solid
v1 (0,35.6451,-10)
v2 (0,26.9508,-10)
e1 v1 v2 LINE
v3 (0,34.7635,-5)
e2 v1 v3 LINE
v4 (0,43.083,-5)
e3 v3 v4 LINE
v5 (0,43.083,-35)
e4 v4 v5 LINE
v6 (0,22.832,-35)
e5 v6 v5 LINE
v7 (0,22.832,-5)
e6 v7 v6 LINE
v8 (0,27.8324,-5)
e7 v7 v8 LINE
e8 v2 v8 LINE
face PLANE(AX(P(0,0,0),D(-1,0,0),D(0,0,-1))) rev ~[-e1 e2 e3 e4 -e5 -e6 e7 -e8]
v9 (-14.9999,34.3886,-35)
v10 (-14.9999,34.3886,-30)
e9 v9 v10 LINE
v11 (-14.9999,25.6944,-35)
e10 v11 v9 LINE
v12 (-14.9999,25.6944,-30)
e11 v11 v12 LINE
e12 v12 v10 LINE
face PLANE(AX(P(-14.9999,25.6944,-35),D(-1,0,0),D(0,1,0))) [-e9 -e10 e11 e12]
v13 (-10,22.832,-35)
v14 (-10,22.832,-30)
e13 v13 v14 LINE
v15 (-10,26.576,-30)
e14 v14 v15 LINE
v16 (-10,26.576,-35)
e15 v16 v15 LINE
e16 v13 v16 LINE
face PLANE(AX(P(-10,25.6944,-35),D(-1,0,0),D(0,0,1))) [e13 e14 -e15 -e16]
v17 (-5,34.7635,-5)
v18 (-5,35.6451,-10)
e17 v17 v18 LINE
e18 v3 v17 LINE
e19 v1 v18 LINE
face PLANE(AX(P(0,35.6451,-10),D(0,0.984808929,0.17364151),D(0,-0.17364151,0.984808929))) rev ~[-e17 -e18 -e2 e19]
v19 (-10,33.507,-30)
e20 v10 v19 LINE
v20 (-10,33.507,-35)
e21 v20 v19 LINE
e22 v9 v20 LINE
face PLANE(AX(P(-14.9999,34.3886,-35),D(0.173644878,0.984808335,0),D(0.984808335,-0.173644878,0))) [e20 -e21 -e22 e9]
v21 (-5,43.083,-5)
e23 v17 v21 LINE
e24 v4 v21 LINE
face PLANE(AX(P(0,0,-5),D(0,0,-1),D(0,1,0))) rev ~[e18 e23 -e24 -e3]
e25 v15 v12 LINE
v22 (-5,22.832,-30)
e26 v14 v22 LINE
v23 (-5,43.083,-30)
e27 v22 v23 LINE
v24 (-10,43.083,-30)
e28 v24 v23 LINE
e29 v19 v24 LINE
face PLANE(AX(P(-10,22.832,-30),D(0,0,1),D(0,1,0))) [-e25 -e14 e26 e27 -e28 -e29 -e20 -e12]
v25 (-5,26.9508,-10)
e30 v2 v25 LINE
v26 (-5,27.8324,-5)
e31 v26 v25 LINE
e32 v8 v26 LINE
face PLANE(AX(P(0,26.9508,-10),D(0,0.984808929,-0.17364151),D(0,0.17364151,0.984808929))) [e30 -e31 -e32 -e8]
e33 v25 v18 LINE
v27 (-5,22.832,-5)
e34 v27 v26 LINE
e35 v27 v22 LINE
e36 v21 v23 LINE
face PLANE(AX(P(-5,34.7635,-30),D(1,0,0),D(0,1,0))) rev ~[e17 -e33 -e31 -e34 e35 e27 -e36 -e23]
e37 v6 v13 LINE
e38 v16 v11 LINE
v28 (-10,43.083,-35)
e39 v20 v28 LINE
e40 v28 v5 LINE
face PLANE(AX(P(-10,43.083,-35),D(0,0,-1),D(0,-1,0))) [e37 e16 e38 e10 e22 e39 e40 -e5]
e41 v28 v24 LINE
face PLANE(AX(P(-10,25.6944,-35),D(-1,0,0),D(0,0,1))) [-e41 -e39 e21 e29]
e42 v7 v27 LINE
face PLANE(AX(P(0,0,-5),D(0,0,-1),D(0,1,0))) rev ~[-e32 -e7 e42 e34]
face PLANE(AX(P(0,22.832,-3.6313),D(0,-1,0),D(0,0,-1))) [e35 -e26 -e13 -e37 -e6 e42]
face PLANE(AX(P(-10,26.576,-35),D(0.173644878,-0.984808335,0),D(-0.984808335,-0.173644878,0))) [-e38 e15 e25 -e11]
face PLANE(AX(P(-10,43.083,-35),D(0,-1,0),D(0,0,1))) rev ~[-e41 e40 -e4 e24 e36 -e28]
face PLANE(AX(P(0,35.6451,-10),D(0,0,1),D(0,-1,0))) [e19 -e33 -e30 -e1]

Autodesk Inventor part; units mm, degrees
ref_plane "YZ Plane" through (0, 0, 0) normal (1, 0, 0) x (0, 1, 0)
ref_plane "XZ Plane" through (0, 0, 0) normal (0, 1, 0) x (-1, 0, 0)
ref_plane "XY Plane" through (0, 0, 0) normal (0, 0, 1) x (1, 0, 0)
sketch "Sketch1" plane through (0, 0, 0) normal (0, 1, 0) x (-1, 0, 0)
  line L0 (0, 0) -> (0, -35)
  line L1 (0, -35) -> (37, -35)
  line L2 (37, -35) -> (37, -55)
  line L3 (37, -55) -> (48, -55)
  line L4 (48, -55) -> (48, 0)
  line L5 (48, 0) -> (22, 0)
  line L6 (22, 0) -> (22, 0)
  line L7 (22, 0) -> (0, 0)
  dimension "d0" = 35
  dimension "d1" = 37
  dimension "d2" = 20
  dimension "d3" = 11
  dimension "d4" = 55
  dimension "d5" = 26
  dimension "d6" = 0
extrude "Extrusion1" add sketch "Sketch1" along normal blind 50
shell "Shell1" thickness 5 removed faces 3 at (-48, 16.6667, -36.6667) at (-19.6667, 0, -23.3333) at (-19.6667, 50, -23.3333)
sketch "Sketch2" plane through (0, 0, 0) normal (1, 0, 0) x (0, 0, -1)
  line L0 (5, 0) -> (30, 0) projected
  line L1 (5, 0) -> (19, 0)
  line L2 (19, 0) -> (19, 17)
  line L3 (19, 17) -> (5, 17)
  line L4 (5, 17) -> (5, 0)
  point P0 (0, 0)
  dimension "d10" = 17
  dimension "d11" = 0
  dimension "d12" = 11
extrude "Extrusion2" cut sketch "Sketch2" against normal blind 10
sketch "Sketch3" plane through (-48, 0, -55) normal (-1, 0, 0) x (0, 0, 1)
  line L0 (0, 0) -> (0, 50) projected
  line L1 (5, 50) -> (25, 50) projected
  line L2 (0, 0) -> (5, 0)
  line L3 (5, 0) -> (5, 50)
  line L4 (5, 50) -> (0, 50)
  line L5 (0, 50) -> (0, 0)
  point P0 (55, 0)
extrude "Extrusion3" add sketch "Sketch3" along normal blind 15
sketch "Sketch4" plane through (-48, 0, 0) normal (-1, 0, 0) x (0, 0, 1)
  line L0 (-5, 0) -> (0, 0) projected
  line L1 (-5, 0) -> (-5, 50) projected
  line L2 (0, 0) -> (-5, 0)
  line L3 (-5, 0) -> (-5, 50)
  line L4 (-5, 50) -> (0, 50)
  line L5 (0, 50) -> (0, 0)
  point P0 (0, 0)
extrude "Extrusion4" add sketch "Sketch4" along normal blind 15
sketch "Sketch5" plane through (0, 17, -5) normal (0, 0, -1) x (-1, 0, 0)
  circle A0 centre (11.5, -8.5) radius 2.0828
  line L0 (63, -17) -> (0, -17) projected
  line L1 (0, -17) -> (0, 0) projected
  dimension "d19" = 4.1656
  dimension "d20" = 8.5
  dimension "d21" = 11.5
extrude "Extrusion5" cut sketch "Sketch5" against normal blind 15
sketch "Sketch6" plane through (0, 17, -5) normal (0, 0, -1) x (-1, 0, 0)
  circle A0 centre (28.505, 18.46) radius 2.0828
  line L0 (63, -17) -> (0, -17) projected
  line L1 (5, 0) -> (5, 33) projected
  dimension "d24" = 4.1656
  dimension "d25" = 35.46
  dimension "d26" = 23.505
extrude "Extrusion6" cut sketch "Sketch6" against normal blind 15
sketch "Sketch7" plane through (0, 17, -5) normal (0, 0, -1) x (-1, 0, 0)
  circle A0 centre (58.5, 19) radius 2.0828
  line L0 (63, 33) -> (63, -17) projected
  line L1 (5, 33) -> (63, 33) projected
  point P0 (0, -17)
  dimension "d29" = 4.1656
  dimension "d30" = 4.5
  dimension "d31" = 14
extrude "Extrusion7" cut sketch "Sketch7" against normal blind 15
sketch "Sketch13" plane through (0, 0, -35) normal (0, 0, -1) x (-1, 0, 0)
  circle A0 centre (11.5, 8.5) radius 2.0828
  line L0 (0, 0) -> (37, 0) projected
  line L1 (0, 0) -> (0, 50) projected
  dimension "d41" = 4.1656
  dimension "d42" = 8.5
  dimension "d43" = 11.5
extrude "Extrusion9" cut sketch "Sketch13" against normal blind 15
sketch "Sketch14" plane through (-37, 0, -55) normal (0, 0, -1) x (-1, 0, 0)
  circle A0 centre (-8.495, 35.46) radius 2.0828
  line L0 (-37, 0) -> (-37, 50) projected
  line L1 (0, 0) -> (26, 0) projected
  dimension "d46" = 4.1656
  dimension "d47" = 28.505
  dimension "d48" = 35.46
extrude "Extrusion10" cut sketch "Sketch14" against normal blind 15
sketch "Sketch15" plane through (-37, 0, -55) normal (0, 0, -1) x (-1, 0, 0)
  circle A0 centre (21.5, 36) radius 2.0828
  line L0 (0, 0) -> (26, 0) projected
  line L1 (26, 50) -> (26, 0) projected
  point P0 (-37, 0)
  dimension "d51" = 4.1656
  dimension "d52" = 36
  dimension "d53" = 4.5
extrude "Extrusion11" cut sketch "Sketch15" against normal blind 15
sketch "Sketch16" plane through (-42, 0, -30) normal (-1, 0, 0) x (0, 0, 1)
  line L0 (0, 0) -> (-5, 0)
  line L1 (-5, 0) -> (-5, 50)
  line L2 (-5, 50) -> (0, 50)
  line L3 (0, 50) -> (0, 0)
  point P0 (30, 0)
  dimension "d56" = 5
  dimension "d57" = 50
extrude "Extrusion12" add sketch "Sketch16" along normal blind 21
sketch "Sketch17" plane through (-5, 0, -30) normal (0, 0, 1) x (1, 0, 0)
  circle A0 centre (-23.505, 35.46) radius 2.0828
  line L0 (0, 0) -> (0, 50) projected
  line L1 (0, 0) -> (-58, 0) projected
  point P0 (5, 0)
  dimension "d60" = 4.1656
  dimension "d61" = 23.505
  dimension "d62" = 35.46
extrude "Extrusion13" cut sketch "Sketch17" against normal blind 10
sketch "Sketch18" plane through (-42, 0, -35) normal (0, 0, -1) x (-1, 0, 0)
  circle A0 centre (16.5, 36) radius 2.0828
  line L0 (21, 50) -> (21, 0) projected
  line L1 (0, 0) -> (21, 0) projected
  point P0 (-42, 0)
  dimension "d65" = 4.1656
  dimension "d67" = 36
  dimension "d70" = 4.5
extrude "Extrusion14" cut sketch "Sketch18" against normal blind 10
sketch "Sketch20" plane through (-63, 0, 0) normal (-1, 0, 0) x (0, 0, 1)
  line L0 (0, 0) -> (-5, 0) projected
  line L1 (-5, 17) -> (-5, 50) projected
  line L2 (0, 0) -> (-5, 0)
  line L3 (-5, 0) -> (-5, 50)
  line L4 (-5, 50) -> (0, 50)
  line L5 (0, 50) -> (0, 0)
extrude "Extrusion15" add sketch "Sketch20" along normal blind 2.583
sketch "Sketch21" plane through (-63, 0, -30) normal (-1, 0, 0) x (0, 0, 1)
  line L0 (-20, 50) -> (-5, 50) projected
  line L1 (11, 0) -> (0, 0) projected
  line L2 (-5, 50) -> (0, 50)
  line L3 (0, 50) -> (0, 0)
  line L4 (0, 0) -> (-5, 0)
  line L5 (-5, 0) -> (-5, 50)
  point P0 (30, 0)
extrude "Extrusion16" add sketch "Sketch21" along normal blind 2.583
sketch "Sketch22" plane through (-63, 0, -55) normal (-1, 0, 0) x (0, 0, 1)
  line L0 (0, 0) -> (0, 50) projected
  line L1 (5, 0) -> (5, 50) projected
  line L2 (0, 50) -> (5, 50)
  line L3 (5, 50) -> (5, 0)
  line L4 (5, 0) -> (0, 0)
  line L5 (0, 0) -> (0, 50)
  point P0 (55, 0)
extrude "Extrusion17" add sketch "Sketch22" along normal blind 2.583
sketch "Sketch23" plane through (0, 0, 0) normal (0, 0, 1) x (1, 0, 0)
  line L0 (0, 50) -> (-37, 50) projected
  line L1 (-65.583, 50) -> (-65.583, 0) projected
  line L2 (0, 50) -> (-65.583, 50)
  line L3 (-65.583, 50) -> (-65.583, 43.083)
  line L4 (-65.583, 43.083) -> (0, 43.083)
  line L5 (0, 43.083) -> (0, 50)
  point P0 (0, 0)
  dimension "d77" = 6.917
extrude "Extrusion18" cut sketch "Sketch23" against normal blind 100
sketch "Sketch24" plane through (0, 0, -35) normal (0, 0, -1) x (-1, 0, 0)
  line L0 (0, 0) -> (65.583, 0) projected
  line L1 (31.0052, 0) -> (26.0052, 0)
  line L2 (26.0052, 5) -> (31.0052, 5)
  circle A0 centre (28.505, 35.46) radius 2.0828 projected
  line L3 (26.0052, 5) -> (25.0052, 5)
  line L4 (25.0052, 5) -> (26.0052, 0)
  line L5 (31.0052, 5) -> (32.0052, 5)
  line L6 (32.0052, 5) -> (31.0052, 0)
  dimension "d80" = 5
  dimension "d81" = 5
  dimension "d83" = 1
  dimension "d84" = 1
extrude "Extrusion19" cut sketch "Sketch24" against normal blind 100 contours L4 L3 L2 L5 L6 L0
sketch "Sketch25" plane through (0, 0, 0) normal (1, 0, 0) x (0, 0, -1)
  line L0 (0, 0) -> (5, 0) projected
  line L1 (35, 43.083) -> (0, 43.083) projected
  line L2 (0, 0) -> (5, 0)
  line L3 (5, 0) -> (5, 43.083)
  line L4 (5, 43.083) -> (0, 43.083)
  line L5 (0, 43.083) -> (0, 0)
  dimension "d87" = 5
extrude "Extrusion20" cut sketch "Sketch25" against normal blind 100
sketch "Sketch26" plane through (0, 0, -19) normal (1, 0, 0) x (0, 0, -1)
  line L0 (-9, 35.6451) -> (-9, 26.9508)
  line L1 (-9, 26.9508) -> (-14, 27.8324)
  line L2 (-9, 35.6451) -> (-14, 34.7635)
  line L3 (-9, 35.6451) -> (-3.9229, 35.6451) construction
  line L4 (-14, 34.7635) -> (-14, 27.8324)
  line L5 (-14, 43.083) -> (-14, 17) projected
  line L6 (-14, 17) -> (0, 17) projected
  line L7 (16, 43.083) -> (-14, 43.083) projected
  point P0 (0, 0)
  dimension "d90" = 8.6943
  dimension "d91" = 80
  dimension "d92" = 170
  dimension "d93" = 0
  dimension "d94" = 5
  dimension "d128" = 7.4379
extrude "Extrusion21" cut sketch "Sketch26" against normal blind 100
sketch "Sketch27" plane through (-37, 0, -35) normal (1, 0, 0) x (0, 0, -1)
  line L0 (5, 17) -> (5, 8.3057)
  line L1 (5, 8.3057) -> (0, 9.1873)
  line L2 (5, 17) -> (0, 16.1184)
  line L3 (5, 17) -> (10.0771, 17) construction
  line L4 (0, 16.1184) -> (0, 9.1873)
  line L5 (0, 0) -> (0, 43.083) projected
  line L6 (20, 43.083) -> (0, 43.083) projected
  dimension "d98" = 8.6943
  dimension "d99" = 80
  dimension "d100" = 170
  dimension "d102" = 5
  dimension "d104" = 0
  dimension "d105" = 26.083
sketch "Sketch28" plane through (-37, 0, -35) normal (1, 0, 0) x (0, 0, -1)
  line L0 (5, 34.3887) -> (5, 25.6944)
  line L1 (5, 25.6944) -> (0, 26.576)
  line L2 (5, 34.3887) -> (0, 33.507)
  line L3 (5, 34.3887) -> (10.0771, 34.3887) construction
  line L4 (0, 33.507) -> (0, 26.576)
  dimension "d106" = 8.6943
  dimension "d107" = 80
  dimension "d108" = 170
  dimension "d109" = 5
extrude "Extrusion22" add sketch "Sketch27" along normal blind 5
extrude "Extrusion23" add sketch "Sketch28" along normal blind 5
sketch "Sketch29" plane through (-65.583, 43.083, -30) normal (0, 1, 0) x (1, 0, 0)
  line L0 (33.583, 5) -> (28.583, 5) projected
  line L1 (0, 25) -> (28.583, 25) projected
  line L2 (28.583, 5) -> (0, 5)
  line L3 (0, 5) -> (0, 25)
  line L4 (0, 25) -> (28.583, 25)
  line L5 (28.583, 25) -> (28.583, 5)
  point P0 (65.583, -30)
extrude "Extrusion24" cut sketch "Sketch29" against normal blind 100
sketch "Sketch31" plane through (-65.583, 43.083, -30) normal (0, 0, 1) x (1, 0, 0)
  line L0 (60.583, -8.3195) -> (60.583, 0) projected
  line L1 (60.583, 0) -> (-3.7083, 0)
  line L2 (-3.7083, 0) -> (-3.7083, -46.9701)
  line L3 (-3.7083, -46.9701) -> (60.583, -46.9701)
  line L4 (60.583, -46.9701) -> (60.583, 0)
  point P0 (65.583, -43.083)
extrude "Extrusion25" cut sketch "Sketch31" against normal blind 100
sketch "Sketch32" plane through (0, 0, -35) normal (0, 0, -1) x (-1, 0, 0)
  line L0 (10, 34.3887) -> (10, 25.6944)
  line L1 (10, 25.6944) -> (5, 26.576)
  line L2 (10, 34.3887) -> (5, 33.507)
  line L3 (10, 34.3887) -> (15.0771, 34.3887) construction
  line L4 (5, 33.507) -> (5, 26.576)
  line L5 (5, 0) -> (5, 43.083) projected
  line L6 (5, 43.083) -> (0, 43.083) projected
  dimension "d120" = 8.6943
  dimension "d121" = 80
  dimension "d122" = 170
  dimension "d123" = 5
  dimension "d124" = 0
  dimension "d125" = 8.6943
extrude "Extrusion26" add sketch "Sketch32" against normal blind 5
sketch "Sketch33" plane through (0, 0, -19) normal (1, 0, 0) x (0, 0, -1)
  line L0 (0, 0) -> (16, 0) projected
  line L1 (16, 0) -> (-15.3687, 0)
  line L2 (-15.3687, 0) -> (-15.3687, 22.832)
  line L3 (-15.3687, 22.832) -> (16, 22.832)
  line L4 (16, 22.832) -> (16, 0)
  point P0 (-19, 0)
  dimension "d130" = 22.832
extrude "Extrusion27" cut sketch "Sketch33" against normal blind 10
sketch "Sketch34" plane through (-10, 25.6944, -35) normal (-1, 0, 0) x (0, 0, 1)
  line L0 (0, -2.8624) -> (30, -2.8624) projected
  line L1 (0, 17.3886) -> (30, 17.3886) projected
  line L2 (0, -2.8624) -> (5, -2.8624)
  line L3 (5, -2.8624) -> (5, 17.3886)
  line L4 (5, 17.3886) -> (0, 17.3886)
  line L5 (0, 17.3886) -> (0, -2.8624)
  point P0 (35, -25.6944)
  dimension "d133" = 5
extrude "Extrusion28" add sketch "Sketch34" against normal blind 5
sketch "Sketch35" plane through (0, 43.083, -35) normal (0, 0, -1) x (-1, 0, 0)
  line L0 (10, -20.251) -> (10, 0) projected
  line L1 (10, -16.507) -> (14.9999, -17.3886)
  line L2 (10, -16.507) -> (15.077, -16.507) construction
  line L3 (14.9999, -17.3886) -> (14.9999, -8.6944)
  line L4 (14.9999, -8.6944) -> (10, -9.576)
  line L5 (10, -9.576) -> (10, -16.507)
  point P0 (0, -43.083)
  dimension "d136" = 5.077
  dimension "d137" = 10
  dimension "d138" = 5.077
  dimension "d139" = 3.744
  dimension "d140" = 6.931
extrude "Extrusion29" add sketch "Sketch35" against normal blind 5
properties part number "Frame VG01-2"
